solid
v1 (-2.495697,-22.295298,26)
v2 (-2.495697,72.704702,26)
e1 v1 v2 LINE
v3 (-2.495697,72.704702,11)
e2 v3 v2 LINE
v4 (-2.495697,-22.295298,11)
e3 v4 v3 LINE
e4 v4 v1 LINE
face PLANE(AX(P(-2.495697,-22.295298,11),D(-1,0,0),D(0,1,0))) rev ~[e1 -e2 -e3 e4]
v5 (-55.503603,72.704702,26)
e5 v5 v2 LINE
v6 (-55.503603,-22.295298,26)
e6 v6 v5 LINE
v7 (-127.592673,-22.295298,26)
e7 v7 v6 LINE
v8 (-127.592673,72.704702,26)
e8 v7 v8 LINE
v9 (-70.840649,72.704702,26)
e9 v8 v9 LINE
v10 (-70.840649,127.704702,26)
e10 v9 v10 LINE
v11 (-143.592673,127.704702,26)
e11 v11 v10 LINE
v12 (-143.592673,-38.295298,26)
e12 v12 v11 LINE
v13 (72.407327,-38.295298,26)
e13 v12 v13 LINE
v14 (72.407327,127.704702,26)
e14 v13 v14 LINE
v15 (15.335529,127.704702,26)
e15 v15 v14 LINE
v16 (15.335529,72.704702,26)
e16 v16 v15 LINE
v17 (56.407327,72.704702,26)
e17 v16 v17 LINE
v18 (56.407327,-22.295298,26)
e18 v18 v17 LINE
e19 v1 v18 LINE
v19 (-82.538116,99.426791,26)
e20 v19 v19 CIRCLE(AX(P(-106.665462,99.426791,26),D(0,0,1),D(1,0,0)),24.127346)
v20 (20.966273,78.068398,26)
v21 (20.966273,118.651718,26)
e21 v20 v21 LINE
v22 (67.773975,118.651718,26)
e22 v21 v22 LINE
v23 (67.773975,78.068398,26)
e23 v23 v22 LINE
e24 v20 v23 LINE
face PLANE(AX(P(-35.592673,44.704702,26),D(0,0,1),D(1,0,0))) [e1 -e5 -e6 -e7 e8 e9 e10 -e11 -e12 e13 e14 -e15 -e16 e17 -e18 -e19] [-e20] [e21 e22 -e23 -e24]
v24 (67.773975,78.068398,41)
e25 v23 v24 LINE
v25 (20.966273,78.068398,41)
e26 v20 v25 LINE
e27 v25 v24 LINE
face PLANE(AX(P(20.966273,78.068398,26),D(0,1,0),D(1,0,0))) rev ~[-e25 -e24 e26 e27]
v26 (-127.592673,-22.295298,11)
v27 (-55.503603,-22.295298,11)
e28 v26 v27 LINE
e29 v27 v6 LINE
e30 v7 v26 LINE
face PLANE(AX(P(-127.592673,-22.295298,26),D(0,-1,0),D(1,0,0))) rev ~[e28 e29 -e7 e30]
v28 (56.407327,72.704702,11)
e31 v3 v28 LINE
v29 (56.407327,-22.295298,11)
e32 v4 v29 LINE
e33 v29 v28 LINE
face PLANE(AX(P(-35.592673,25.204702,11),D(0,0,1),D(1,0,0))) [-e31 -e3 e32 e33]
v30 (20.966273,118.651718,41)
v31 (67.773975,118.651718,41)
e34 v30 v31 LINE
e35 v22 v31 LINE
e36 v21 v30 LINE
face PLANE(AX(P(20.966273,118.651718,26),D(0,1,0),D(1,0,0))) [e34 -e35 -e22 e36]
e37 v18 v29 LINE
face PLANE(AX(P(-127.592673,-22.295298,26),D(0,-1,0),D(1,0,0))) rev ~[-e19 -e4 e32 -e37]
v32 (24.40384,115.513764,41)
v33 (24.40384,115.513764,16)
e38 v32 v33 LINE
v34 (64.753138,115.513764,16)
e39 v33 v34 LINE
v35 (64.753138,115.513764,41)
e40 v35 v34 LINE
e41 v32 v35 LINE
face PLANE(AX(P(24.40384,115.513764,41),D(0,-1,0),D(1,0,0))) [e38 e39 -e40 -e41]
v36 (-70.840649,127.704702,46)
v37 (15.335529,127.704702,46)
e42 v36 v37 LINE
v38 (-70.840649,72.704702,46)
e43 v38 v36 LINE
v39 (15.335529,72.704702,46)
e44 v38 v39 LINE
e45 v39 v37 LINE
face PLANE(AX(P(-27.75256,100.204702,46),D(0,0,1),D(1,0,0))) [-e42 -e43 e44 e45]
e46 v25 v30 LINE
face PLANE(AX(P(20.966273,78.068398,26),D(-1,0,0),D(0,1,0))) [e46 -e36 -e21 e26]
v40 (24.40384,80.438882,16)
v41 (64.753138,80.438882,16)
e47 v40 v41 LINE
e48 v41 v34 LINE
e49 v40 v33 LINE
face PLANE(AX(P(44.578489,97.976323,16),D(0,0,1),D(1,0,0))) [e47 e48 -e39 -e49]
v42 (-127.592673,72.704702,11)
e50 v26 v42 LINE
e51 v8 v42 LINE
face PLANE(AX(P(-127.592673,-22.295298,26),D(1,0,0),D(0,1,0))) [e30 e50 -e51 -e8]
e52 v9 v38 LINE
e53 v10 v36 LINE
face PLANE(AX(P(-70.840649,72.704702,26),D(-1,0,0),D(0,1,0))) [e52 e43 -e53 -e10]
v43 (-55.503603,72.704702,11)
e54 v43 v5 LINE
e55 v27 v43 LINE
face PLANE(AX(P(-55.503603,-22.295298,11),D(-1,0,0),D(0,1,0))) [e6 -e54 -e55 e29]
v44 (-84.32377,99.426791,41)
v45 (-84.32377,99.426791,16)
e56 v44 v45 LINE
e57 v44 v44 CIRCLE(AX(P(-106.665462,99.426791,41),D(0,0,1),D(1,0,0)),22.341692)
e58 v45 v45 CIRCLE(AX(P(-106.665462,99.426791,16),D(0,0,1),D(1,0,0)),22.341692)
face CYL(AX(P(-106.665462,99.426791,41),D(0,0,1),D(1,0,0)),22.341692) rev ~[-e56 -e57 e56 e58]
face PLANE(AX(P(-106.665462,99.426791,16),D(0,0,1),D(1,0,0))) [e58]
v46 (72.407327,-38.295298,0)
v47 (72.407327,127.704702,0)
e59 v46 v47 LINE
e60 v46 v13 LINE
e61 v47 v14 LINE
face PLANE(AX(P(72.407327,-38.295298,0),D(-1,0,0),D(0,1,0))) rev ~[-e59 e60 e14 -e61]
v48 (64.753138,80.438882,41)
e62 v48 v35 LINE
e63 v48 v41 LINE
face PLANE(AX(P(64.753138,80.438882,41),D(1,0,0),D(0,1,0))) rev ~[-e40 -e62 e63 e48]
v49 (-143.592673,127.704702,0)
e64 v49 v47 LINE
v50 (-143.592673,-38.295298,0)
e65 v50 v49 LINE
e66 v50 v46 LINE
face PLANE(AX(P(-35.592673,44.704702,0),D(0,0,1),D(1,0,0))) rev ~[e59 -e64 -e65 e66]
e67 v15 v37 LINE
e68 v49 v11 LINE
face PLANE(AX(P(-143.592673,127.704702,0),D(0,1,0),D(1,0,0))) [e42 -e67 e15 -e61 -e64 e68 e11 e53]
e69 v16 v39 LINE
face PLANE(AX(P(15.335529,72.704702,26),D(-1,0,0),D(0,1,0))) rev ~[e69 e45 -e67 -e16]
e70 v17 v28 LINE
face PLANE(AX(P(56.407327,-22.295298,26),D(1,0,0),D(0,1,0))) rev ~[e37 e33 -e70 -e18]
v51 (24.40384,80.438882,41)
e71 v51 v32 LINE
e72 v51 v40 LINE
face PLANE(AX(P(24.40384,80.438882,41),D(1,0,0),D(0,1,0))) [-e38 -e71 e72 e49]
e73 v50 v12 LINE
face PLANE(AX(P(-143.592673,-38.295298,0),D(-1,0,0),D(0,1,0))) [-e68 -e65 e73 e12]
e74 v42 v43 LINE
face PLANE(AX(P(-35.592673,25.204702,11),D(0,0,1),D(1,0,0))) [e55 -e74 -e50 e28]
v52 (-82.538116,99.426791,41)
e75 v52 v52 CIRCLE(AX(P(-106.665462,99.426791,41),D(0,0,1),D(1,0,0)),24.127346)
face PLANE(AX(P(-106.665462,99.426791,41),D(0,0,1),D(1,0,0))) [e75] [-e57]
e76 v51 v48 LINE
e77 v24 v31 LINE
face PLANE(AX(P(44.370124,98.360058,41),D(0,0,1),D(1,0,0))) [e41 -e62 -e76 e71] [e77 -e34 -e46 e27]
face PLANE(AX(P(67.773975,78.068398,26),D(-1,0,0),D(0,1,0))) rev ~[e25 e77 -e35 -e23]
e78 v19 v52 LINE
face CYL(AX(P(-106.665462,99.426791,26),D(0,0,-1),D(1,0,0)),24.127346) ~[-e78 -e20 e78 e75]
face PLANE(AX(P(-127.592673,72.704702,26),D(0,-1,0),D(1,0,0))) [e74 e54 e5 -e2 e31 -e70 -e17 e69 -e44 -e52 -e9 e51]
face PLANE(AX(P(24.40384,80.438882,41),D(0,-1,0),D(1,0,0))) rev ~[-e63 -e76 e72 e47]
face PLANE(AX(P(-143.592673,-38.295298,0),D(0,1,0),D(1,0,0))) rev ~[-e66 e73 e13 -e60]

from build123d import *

# Parameters (mm, degrees)
F0_W      = 216
F0_H      = 166
F1_DEPTH  = 26
F2_W      = 184
F2_H      = 95
F3_DEPTH  = 15
F4_W      = 86.176178
F4_H      = 55
F5_DEPTH  = 20
F6_W      = 53.007906
F6_H      = 95
F7_DEPTH  = 15
F8_R      = 24.127346
F9_DEPTH  = 15
F10_R     = 22.341692
F11_DEPTH = 25
F12_W     = 46.807702
F12_H     = 40.58332
F13_DEPTH = 15
F14_W     = 40.349298
F14_H     = 35.074882
F15_DEPTH = 25


with BuildPart() as f1:
    # F0 (on Top) → F1 (new body)
    with BuildSketch(Plane.XY):
        with Locations((-35.592673, 44.704702)):
            Rectangle(F0_W, F0_H)
    extrude(amount=F1_DEPTH)

    # F2 (on face) → F3 (cut)
    with BuildSketch(Plane.XY.offset(26)):
        with Locations((-35.592673, 25.204702)):
            Rectangle(F2_W, F2_H)
    extrude(amount=-F3_DEPTH, mode=Mode.SUBTRACT)

    # F4 (on face) → F5 (join)
    with BuildSketch(Plane.XY.offset(26)):
        with Locations((-27.75256, 100.204702)):
            Rectangle(F4_W, F4_H)
    extrude(amount=F5_DEPTH)

    # F6 (on face) → F7 (join)
    with BuildSketch(Plane.XY.offset(11)):
        with Locations((-28.99965, 25.204702)):
            Rectangle(F6_W, F6_H)
    extrude(amount=F7_DEPTH)

    # F8 (on face) → F9 (join)
    with BuildSketch(Plane.XY.offset(26)):
        with Locations((-106.665462, 99.426791)):
            Circle(F8_R)
    extrude(amount=F9_DEPTH)

    # F10 (on face) → F11 (cut)
    with BuildSketch(Plane.XY.offset(41)):
        with Locations((-106.665462, 99.426791)):
            Circle(F10_R)
    extrude(amount=-F11_DEPTH, mode=Mode.SUBTRACT)

    # F12 (on face) → F13 (join)
    with BuildSketch(Plane.XY.offset(26)):
        with Locations((44.370124, 98.360058)):
            Rectangle(F12_W, F12_H)
    extrude(amount=F13_DEPTH)

    # F14 (on face) → F15 (cut)
    with BuildSketch(Plane.XY.offset(41)):
        with Locations((44.578489, 97.976323)):
            Rectangle(F14_W, F14_H)
    extrude(amount=-F15_DEPTH, mode=Mode.SUBTRACT)


solid = f1.part
